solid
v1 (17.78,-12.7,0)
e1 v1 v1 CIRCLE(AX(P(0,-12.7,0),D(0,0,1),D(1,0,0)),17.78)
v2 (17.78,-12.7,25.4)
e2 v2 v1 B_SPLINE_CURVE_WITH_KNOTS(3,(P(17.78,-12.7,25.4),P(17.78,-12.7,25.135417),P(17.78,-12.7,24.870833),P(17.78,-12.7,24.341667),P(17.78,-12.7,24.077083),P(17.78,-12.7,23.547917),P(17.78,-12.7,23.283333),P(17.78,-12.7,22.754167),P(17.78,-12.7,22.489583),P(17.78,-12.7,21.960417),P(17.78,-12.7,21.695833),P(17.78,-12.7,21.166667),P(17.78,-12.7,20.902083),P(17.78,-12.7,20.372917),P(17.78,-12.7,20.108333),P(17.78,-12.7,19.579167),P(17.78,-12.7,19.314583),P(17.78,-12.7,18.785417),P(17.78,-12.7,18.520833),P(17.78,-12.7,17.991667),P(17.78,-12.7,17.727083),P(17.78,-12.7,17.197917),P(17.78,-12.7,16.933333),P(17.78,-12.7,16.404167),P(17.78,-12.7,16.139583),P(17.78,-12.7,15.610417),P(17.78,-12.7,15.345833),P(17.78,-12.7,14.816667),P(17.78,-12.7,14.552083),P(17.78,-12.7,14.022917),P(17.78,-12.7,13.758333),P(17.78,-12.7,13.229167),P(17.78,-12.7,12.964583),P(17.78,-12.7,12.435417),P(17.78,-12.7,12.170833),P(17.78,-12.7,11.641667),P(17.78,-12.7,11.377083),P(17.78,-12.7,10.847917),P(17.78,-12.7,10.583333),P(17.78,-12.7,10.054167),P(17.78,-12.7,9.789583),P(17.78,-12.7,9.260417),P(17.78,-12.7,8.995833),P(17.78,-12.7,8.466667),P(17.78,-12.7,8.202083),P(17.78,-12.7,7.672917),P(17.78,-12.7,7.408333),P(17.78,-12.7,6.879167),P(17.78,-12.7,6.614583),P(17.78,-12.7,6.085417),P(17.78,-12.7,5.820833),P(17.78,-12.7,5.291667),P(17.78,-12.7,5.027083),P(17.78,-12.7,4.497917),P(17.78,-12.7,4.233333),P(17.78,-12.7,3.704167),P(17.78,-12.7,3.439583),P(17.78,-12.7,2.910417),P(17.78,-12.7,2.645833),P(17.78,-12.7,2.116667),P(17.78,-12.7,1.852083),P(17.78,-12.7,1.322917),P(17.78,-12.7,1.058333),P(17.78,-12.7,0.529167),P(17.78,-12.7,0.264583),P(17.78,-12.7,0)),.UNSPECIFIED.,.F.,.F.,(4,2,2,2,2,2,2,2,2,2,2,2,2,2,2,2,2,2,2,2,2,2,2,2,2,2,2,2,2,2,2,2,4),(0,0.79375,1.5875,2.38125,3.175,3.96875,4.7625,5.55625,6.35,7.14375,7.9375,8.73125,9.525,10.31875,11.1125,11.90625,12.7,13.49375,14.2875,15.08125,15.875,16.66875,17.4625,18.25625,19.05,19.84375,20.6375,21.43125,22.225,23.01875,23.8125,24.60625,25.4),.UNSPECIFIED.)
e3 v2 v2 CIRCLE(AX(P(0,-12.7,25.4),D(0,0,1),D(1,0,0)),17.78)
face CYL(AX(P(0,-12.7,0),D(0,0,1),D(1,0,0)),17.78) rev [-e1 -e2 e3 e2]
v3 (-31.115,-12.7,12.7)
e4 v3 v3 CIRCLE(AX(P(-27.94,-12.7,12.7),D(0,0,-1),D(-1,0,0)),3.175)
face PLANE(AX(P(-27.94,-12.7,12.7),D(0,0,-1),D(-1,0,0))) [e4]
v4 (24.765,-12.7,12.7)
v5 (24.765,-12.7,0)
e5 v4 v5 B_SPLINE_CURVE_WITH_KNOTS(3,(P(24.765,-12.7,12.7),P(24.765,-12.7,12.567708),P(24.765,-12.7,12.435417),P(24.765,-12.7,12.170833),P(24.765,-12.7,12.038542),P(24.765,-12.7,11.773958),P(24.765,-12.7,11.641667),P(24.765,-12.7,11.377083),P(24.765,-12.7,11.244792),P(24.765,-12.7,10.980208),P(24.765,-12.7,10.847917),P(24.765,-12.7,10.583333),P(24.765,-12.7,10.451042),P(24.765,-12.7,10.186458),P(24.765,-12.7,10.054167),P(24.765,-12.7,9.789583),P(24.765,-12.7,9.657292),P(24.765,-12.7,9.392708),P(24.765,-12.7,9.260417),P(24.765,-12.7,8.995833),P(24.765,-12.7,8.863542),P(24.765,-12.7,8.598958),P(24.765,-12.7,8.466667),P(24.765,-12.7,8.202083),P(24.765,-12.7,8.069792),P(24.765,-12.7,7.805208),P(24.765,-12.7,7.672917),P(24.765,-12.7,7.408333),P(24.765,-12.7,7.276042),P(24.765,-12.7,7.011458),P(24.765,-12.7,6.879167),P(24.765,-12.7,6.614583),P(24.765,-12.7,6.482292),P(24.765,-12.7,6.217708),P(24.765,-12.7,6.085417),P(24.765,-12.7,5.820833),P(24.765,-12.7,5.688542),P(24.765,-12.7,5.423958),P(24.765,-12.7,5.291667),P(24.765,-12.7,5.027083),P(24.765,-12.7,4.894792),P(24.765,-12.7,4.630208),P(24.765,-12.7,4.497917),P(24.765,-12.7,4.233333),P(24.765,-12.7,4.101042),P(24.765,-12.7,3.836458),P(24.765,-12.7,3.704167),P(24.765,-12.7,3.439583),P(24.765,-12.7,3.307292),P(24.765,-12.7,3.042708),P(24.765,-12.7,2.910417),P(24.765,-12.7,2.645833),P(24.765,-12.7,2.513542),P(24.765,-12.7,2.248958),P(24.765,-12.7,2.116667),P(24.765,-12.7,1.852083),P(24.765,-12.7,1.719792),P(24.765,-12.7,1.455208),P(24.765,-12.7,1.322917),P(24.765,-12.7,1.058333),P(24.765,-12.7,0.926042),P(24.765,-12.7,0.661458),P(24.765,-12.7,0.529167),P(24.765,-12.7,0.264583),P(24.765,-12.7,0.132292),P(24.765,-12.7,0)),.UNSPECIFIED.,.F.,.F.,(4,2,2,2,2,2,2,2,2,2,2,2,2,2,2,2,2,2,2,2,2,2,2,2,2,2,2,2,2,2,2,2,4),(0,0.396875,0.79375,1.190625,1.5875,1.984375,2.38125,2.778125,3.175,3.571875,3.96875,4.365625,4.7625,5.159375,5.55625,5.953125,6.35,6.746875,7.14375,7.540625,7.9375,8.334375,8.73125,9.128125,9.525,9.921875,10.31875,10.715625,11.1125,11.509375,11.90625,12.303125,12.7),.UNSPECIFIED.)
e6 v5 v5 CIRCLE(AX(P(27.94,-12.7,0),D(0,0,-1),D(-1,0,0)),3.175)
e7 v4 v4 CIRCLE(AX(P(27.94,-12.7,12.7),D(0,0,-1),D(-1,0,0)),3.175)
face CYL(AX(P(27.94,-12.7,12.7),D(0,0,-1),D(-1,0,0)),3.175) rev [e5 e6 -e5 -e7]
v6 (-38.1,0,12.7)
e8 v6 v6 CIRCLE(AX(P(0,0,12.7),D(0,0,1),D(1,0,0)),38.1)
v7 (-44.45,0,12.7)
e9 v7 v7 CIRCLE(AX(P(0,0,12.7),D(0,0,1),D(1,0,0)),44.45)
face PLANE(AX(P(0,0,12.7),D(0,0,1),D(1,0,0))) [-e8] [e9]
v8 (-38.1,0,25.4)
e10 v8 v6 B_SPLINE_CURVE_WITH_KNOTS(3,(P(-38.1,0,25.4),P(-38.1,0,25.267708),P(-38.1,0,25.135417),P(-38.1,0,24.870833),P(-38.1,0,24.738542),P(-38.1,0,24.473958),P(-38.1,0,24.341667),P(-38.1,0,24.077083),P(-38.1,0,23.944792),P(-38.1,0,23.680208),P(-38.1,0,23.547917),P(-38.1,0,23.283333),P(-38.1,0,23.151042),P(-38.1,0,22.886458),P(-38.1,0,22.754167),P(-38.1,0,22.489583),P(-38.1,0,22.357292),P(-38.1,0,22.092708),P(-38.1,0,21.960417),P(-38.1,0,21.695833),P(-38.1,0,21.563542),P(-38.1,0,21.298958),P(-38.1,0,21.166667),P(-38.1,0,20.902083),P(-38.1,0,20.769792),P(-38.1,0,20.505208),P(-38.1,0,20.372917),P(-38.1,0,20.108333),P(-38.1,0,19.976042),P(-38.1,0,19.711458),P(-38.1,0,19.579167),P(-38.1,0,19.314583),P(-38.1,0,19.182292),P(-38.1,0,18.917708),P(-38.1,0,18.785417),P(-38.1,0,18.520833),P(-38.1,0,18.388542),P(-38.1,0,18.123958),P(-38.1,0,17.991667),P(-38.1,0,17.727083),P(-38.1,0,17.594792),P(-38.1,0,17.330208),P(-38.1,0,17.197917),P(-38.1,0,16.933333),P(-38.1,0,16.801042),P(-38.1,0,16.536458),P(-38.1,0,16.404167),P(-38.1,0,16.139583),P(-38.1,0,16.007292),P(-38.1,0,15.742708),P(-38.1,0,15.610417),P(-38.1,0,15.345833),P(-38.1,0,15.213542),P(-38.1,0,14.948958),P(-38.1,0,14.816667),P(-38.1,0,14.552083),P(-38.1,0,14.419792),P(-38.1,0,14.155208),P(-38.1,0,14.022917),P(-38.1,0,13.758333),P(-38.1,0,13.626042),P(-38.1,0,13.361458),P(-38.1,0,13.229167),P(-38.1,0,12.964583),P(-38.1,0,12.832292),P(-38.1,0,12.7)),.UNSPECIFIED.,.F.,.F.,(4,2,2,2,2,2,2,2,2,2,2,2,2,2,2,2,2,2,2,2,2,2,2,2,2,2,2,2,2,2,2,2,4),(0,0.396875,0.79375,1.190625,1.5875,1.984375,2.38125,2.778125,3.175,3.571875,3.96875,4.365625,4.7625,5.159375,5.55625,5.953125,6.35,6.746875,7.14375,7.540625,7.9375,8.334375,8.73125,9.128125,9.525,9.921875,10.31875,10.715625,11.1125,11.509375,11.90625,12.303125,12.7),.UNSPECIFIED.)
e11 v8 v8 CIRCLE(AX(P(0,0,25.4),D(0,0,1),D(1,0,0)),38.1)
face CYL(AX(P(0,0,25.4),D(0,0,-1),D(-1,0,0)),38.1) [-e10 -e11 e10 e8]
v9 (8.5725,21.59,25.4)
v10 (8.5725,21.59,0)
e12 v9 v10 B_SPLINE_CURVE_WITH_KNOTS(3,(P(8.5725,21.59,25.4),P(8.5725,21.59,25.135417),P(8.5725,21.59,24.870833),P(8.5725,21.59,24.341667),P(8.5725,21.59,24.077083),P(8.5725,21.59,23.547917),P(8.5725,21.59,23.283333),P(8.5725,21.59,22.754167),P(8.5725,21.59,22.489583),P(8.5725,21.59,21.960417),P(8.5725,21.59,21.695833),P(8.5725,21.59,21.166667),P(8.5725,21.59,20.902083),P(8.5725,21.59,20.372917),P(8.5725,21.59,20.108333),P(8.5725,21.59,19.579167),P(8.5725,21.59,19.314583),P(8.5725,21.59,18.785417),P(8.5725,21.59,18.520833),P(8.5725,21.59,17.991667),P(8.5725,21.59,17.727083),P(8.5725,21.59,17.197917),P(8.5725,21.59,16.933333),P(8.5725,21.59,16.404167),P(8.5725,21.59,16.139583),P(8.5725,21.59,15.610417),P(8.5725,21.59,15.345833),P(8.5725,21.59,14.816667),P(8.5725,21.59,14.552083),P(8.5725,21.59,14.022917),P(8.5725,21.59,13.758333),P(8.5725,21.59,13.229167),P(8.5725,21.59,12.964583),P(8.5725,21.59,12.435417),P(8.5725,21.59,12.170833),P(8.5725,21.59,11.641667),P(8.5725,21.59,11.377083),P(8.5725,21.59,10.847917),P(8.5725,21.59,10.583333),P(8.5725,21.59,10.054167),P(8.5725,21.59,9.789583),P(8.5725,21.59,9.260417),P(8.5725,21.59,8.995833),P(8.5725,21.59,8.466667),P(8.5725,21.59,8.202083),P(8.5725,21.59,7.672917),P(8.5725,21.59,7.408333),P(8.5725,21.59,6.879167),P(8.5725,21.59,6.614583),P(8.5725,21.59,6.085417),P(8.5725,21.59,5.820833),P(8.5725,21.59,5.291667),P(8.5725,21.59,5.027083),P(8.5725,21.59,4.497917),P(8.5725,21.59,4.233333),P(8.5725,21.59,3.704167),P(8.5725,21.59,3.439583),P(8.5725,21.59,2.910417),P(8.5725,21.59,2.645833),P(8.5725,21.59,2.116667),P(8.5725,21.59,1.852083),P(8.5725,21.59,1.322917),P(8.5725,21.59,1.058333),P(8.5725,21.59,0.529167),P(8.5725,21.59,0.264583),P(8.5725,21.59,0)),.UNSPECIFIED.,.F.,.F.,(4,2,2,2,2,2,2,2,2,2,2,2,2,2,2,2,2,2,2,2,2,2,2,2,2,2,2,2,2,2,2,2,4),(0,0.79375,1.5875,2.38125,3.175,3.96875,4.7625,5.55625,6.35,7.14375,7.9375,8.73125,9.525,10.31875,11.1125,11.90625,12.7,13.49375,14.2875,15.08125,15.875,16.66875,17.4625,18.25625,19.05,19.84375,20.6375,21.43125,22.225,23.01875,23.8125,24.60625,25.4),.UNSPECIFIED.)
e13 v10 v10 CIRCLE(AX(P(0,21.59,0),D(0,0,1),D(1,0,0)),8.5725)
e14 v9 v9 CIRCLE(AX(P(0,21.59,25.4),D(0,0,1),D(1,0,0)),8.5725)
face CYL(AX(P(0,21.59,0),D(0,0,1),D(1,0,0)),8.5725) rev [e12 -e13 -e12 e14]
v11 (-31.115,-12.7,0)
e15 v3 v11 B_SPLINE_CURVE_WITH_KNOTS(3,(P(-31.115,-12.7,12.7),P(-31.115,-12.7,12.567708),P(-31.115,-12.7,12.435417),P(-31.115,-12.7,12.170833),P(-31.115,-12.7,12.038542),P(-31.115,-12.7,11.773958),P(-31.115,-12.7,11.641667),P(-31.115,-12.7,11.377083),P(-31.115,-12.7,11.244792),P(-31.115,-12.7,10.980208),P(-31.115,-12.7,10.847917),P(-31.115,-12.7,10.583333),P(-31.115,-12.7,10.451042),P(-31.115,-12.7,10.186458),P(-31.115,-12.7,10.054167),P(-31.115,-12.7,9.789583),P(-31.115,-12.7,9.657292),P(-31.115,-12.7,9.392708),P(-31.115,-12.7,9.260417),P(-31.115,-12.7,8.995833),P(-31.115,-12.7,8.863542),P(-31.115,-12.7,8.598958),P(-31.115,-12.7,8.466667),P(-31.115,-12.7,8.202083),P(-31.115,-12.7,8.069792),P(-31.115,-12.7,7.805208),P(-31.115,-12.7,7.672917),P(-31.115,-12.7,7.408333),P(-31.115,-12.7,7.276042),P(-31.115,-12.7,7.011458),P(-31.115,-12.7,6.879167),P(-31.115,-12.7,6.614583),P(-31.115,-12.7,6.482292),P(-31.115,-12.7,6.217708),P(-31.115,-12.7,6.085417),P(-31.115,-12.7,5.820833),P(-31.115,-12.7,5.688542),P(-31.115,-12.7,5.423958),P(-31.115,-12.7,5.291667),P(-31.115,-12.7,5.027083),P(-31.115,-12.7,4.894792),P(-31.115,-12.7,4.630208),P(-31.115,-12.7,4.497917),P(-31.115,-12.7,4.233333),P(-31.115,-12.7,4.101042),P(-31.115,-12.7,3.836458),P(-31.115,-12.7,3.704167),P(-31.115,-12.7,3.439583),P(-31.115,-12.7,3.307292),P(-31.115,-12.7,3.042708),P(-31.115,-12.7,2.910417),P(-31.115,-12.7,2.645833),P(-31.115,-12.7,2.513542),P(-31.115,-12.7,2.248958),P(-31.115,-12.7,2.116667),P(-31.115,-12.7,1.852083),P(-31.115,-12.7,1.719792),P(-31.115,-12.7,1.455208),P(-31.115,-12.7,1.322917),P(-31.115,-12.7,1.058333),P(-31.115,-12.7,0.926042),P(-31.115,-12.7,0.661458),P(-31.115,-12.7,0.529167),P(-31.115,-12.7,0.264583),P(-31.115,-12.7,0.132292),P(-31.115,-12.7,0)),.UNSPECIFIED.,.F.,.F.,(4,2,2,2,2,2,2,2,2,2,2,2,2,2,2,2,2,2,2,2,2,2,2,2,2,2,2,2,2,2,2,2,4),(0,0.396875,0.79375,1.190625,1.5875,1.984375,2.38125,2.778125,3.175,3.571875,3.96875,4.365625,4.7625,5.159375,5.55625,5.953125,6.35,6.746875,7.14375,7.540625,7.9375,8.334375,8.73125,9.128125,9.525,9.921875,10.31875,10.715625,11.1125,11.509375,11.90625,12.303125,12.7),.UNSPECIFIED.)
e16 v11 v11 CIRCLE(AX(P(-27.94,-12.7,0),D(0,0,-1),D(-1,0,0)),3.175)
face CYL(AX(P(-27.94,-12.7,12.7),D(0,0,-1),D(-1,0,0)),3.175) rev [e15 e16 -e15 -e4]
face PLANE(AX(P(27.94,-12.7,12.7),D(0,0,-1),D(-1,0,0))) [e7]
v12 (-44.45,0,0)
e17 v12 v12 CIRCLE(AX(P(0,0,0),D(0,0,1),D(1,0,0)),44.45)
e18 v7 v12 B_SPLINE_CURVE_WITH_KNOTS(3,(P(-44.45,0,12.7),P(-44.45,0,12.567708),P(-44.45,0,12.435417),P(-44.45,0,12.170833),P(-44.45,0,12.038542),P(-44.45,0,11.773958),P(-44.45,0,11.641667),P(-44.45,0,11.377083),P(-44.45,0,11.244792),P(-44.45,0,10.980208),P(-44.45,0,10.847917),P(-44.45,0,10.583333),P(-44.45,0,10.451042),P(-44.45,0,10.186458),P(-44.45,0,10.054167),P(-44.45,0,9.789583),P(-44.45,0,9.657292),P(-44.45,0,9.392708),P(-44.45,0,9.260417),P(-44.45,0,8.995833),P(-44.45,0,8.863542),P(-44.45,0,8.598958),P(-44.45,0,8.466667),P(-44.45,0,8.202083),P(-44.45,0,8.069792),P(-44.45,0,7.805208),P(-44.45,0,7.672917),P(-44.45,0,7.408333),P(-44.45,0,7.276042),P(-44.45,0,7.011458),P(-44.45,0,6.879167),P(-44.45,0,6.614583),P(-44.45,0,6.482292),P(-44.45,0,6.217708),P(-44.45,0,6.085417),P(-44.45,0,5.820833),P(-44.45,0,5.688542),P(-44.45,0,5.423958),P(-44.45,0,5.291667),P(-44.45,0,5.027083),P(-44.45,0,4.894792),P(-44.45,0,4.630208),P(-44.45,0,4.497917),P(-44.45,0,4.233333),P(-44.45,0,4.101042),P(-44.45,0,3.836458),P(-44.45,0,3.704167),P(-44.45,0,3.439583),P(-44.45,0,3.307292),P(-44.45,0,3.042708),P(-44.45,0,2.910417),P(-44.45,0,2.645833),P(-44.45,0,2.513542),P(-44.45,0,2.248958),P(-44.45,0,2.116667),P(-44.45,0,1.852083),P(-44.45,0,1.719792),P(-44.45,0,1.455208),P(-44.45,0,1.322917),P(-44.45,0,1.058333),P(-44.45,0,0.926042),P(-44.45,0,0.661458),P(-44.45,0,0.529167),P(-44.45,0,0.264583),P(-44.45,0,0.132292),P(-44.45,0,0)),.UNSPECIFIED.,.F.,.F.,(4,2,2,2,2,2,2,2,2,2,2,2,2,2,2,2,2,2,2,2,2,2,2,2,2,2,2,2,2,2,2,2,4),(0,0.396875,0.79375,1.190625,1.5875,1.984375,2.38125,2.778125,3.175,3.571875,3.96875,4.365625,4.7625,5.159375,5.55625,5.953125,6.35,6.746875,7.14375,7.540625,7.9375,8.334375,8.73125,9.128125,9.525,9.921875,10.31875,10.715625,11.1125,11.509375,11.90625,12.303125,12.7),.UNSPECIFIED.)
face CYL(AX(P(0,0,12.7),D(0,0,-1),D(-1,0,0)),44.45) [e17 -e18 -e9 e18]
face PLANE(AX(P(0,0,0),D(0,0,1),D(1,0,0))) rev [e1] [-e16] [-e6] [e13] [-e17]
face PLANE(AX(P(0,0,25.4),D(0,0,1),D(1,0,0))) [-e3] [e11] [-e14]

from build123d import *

# Parameters (mm, degrees)
SKETCH1_R               = 44.45
BOSS_EXTRUDE1_DEPTH     = 12.7
SKETCH2_R               = 38.1
BOSS_EXTRUDE2_DEPTH     = 12.7
CUT_EXTRUDE1_DEPTH      = 68.7994469
CUT_EXTRUDE1_DEPTH_BACK = 68.7994469
SKETCH3_R               = 8.5725
CUT_EXTRUDE3_DEPTH      = 68.7994469
CUT_EXTRUDE3_DEPTH_BACK = 68.7994469
SKETCH4_R               = 17.78
SKETCH5_R               = 3.175
CUT_EXTRUDE4_DEPTH      = 12.7


with BuildPart() as part:
    # Sketch1 → Boss-Extrude1 (new body)
    with BuildSketch(Plane.XY):
        Circle(SKETCH1_R)
    extrude(amount=BOSS_EXTRUDE1_DEPTH)

    # Sketch2 → Boss-Extrude2 (add)
    with BuildSketch(Plane.XY.offset(12.7)):
        Circle(SKETCH2_R)
    extrude(amount=BOSS_EXTRUDE2_DEPTH)

    # Sketch3 → Cut-Extrude1 (cut, two sides: drawn at the far end of the back side and taken through both)
    with BuildSketch(Plane.XY.offset(25.4).offset(-CUT_EXTRUDE1_DEPTH_BACK)):
        with Locations((0, 21.59)):
            Circle(SKETCH3_R)
    extrude(amount=CUT_EXTRUDE1_DEPTH + CUT_EXTRUDE1_DEPTH_BACK, mode=Mode.SUBTRACT)

    # Sketch4 → Cut-Extrude3 (cut, two sides: drawn at the far end of the back side and taken through both)
    with BuildSketch(Plane.XY.offset(25.4).offset(-CUT_EXTRUDE3_DEPTH_BACK)):
        with Locations((0, -12.7)):
            Circle(SKETCH4_R)
    extrude(amount=CUT_EXTRUDE3_DEPTH + CUT_EXTRUDE3_DEPTH_BACK, mode=Mode.SUBTRACT)

    # Sketch5 → Cut-Extrude4 (cut)
    with BuildSketch(Plane(origin=(0, 0, 0), x_dir=(-1, 0, 0), z_dir=(0, 0, -1))):
        with Locations((27.94, -12.7)):
            Circle(SKETCH5_R)
        with Locations((-27.94, -12.7)):
            Circle(SKETCH5_R)
    extrude(amount=-CUT_EXTRUDE4_DEPTH, mode=Mode.SUBTRACT)


solid = part.part
